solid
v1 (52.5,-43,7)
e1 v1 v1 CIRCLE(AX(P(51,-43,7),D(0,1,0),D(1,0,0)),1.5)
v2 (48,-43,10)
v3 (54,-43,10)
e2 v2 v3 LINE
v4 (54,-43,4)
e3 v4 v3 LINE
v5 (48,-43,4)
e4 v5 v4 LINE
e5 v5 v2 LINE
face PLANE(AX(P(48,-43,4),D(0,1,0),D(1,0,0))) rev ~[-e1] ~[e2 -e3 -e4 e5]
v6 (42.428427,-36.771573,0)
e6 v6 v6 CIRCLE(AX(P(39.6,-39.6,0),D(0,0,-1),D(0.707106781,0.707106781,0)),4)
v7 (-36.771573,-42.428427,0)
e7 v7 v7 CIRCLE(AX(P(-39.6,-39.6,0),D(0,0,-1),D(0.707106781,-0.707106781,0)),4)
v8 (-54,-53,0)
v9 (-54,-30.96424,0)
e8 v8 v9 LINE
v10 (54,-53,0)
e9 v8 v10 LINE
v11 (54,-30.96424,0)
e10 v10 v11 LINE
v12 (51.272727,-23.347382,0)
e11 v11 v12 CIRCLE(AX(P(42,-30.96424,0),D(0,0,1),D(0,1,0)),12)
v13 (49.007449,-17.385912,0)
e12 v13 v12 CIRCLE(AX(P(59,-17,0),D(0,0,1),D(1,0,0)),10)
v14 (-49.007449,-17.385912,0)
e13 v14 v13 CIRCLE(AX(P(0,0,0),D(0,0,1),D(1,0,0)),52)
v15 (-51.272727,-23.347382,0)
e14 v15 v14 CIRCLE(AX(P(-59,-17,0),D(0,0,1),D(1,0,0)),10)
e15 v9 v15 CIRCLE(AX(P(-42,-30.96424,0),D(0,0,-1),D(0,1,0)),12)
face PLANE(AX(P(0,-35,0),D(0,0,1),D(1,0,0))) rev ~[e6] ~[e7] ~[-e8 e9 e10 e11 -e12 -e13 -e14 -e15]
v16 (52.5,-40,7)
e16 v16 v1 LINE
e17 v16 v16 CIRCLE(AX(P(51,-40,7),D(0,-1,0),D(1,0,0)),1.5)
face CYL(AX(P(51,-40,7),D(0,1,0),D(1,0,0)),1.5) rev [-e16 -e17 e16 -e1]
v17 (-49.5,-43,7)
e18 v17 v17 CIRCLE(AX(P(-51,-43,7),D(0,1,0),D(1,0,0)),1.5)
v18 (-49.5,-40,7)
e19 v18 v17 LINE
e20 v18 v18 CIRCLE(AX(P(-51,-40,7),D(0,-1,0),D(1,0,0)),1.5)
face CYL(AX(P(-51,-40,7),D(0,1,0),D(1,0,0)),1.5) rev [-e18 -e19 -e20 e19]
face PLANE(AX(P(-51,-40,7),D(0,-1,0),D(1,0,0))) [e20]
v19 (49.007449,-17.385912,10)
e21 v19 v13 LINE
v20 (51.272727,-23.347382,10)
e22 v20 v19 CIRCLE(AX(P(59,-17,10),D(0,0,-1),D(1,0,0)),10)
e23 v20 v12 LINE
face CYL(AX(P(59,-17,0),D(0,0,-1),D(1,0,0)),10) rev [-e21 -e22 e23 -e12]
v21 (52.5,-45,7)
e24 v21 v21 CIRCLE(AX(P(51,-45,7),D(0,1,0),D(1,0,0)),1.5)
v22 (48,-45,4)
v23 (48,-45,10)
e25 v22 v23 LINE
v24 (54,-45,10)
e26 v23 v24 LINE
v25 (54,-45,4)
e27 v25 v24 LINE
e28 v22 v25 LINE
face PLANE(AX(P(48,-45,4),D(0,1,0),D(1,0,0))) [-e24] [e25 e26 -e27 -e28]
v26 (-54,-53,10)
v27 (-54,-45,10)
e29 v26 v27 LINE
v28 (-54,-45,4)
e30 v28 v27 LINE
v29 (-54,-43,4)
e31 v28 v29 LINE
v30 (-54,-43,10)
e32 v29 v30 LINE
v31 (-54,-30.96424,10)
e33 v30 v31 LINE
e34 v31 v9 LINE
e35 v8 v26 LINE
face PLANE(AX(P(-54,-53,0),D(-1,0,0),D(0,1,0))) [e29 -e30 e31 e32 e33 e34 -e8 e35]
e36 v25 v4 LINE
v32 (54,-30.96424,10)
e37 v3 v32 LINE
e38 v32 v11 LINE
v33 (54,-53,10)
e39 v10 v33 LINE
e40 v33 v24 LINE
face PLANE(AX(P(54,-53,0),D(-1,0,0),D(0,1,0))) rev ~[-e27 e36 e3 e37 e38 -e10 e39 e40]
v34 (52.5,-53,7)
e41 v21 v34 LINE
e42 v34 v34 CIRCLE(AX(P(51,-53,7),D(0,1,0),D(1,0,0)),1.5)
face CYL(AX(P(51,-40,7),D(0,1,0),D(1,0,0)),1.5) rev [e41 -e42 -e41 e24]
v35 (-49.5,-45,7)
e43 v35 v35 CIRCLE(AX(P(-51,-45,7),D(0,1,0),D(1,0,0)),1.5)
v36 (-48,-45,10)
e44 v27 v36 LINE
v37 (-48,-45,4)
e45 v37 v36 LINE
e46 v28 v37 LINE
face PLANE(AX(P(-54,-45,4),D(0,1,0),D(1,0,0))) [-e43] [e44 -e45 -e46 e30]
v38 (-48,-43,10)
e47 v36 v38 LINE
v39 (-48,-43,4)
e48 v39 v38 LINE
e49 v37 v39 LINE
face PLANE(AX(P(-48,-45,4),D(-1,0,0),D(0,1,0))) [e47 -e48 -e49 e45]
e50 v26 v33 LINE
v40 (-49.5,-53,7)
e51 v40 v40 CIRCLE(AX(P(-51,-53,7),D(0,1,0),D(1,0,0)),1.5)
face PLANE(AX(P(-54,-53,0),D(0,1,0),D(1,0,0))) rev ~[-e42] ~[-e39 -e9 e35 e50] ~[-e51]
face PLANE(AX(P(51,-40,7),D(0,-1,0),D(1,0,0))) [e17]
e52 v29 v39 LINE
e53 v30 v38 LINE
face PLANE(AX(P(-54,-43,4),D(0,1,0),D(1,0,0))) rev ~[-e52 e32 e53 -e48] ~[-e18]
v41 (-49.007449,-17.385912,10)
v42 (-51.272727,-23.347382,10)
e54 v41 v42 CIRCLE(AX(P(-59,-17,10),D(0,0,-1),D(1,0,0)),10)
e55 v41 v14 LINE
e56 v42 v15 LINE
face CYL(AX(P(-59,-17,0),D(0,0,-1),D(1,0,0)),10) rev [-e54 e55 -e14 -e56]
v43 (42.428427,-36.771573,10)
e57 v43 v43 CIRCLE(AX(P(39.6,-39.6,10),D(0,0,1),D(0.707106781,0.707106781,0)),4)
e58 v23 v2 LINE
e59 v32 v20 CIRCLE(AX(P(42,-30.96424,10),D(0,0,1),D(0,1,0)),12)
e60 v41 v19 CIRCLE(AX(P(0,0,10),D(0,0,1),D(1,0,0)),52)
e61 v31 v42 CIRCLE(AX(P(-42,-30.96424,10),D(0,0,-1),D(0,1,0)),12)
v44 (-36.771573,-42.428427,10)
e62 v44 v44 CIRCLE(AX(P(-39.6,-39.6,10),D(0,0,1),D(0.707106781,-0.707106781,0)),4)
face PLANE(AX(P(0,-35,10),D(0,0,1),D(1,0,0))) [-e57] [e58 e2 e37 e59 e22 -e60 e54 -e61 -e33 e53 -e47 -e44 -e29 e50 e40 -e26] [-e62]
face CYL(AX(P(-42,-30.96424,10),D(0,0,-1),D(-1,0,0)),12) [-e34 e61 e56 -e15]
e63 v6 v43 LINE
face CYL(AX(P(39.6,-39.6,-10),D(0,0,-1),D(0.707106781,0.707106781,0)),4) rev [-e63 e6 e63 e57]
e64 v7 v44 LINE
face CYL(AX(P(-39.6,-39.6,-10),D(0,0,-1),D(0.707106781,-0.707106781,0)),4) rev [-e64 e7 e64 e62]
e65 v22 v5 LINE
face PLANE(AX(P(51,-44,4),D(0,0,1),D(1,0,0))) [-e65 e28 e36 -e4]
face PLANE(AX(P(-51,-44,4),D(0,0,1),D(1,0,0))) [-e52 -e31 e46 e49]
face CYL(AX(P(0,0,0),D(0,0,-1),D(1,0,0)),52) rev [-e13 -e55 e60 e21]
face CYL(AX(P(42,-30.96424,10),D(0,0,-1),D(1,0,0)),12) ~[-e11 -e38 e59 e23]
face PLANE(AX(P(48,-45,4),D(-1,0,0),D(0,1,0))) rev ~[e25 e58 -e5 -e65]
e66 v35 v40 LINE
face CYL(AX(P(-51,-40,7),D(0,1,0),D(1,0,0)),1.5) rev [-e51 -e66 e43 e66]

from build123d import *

# Parameters (mm, degrees)
CYLINDER870_R               = 1.5
CYLINDER870_DEPTH           = 20
CYLINDER865_R               = 1.5
CYLINDER865_DEPTH           = 20
CYLINDER862_R               = 1.5
CYLINDER862_DEPTH           = 20
CYLINDER868_R               = 1.5
CYLINDER868_DEPTH           = 20
BOX131_W                    = 6
BOX131_H                    = 2
BOX131_DEPTH                = 6
BOX130_W                    = 6
BOX130_H                    = 2
BOX130_DEPTH                = 6
BOX133_W                    = 6
BOX133_H                    = 2
BOX133_DEPTH                = 6
BOX132_W                    = 6
BOX132_H                    = 2
BOX132_DEPTH                = 6
CYLINDER872_R               = 4
CYLINDER872_DEPTH           = 20
CYLINDER872_PLACEMENT_ANGLE = 45
CYLINDER871_R               = 4
CYLINDER871_DEPTH           = 20
CYLINDER871_PLACEMENT_ANGLE = 45
CYLINDER863_R               = 10
CYLINDER863_DEPTH           = 40
CYLINDER908_R               = 10
CYLINDER908_DEPTH           = 40
CYLINDER864_R               = 52
CYLINDER864_DEPTH           = 10
BOX129_W                    = 108
BOX129_H                    = 36
BOX129_DEPTH                = 10
FILLET013_R                 = 12


with BuildPart() as v_lec870:
    # Cylinder870 → Cylinder870 (new body)
    with BuildSketch(Plane(origin=(20, -40, -5), x_dir=(1, 0, 0), z_dir=(0, -1, 0))):
        Circle(CYLINDER870_R)
    extrude(amount=CYLINDER870_DEPTH)


with BuildPart() as v_lec865:
    # Cylinder865 → Cylinder865 (new body)
    with BuildSketch(Plane(origin=(51, -40, 7), x_dir=(1, 0, 0), z_dir=(0, -1, 0))):
        Circle(CYLINDER865_R)
    extrude(amount=CYLINDER865_DEPTH)


with BuildPart() as v_lec862:
    # Cylinder862 → Cylinder862 (new body)
    with BuildSketch(Plane(origin=(-51, -40, 7), x_dir=(1, 0, 0), z_dir=(0, -1, 0))):
        Circle(CYLINDER862_R)
    extrude(amount=CYLINDER862_DEPTH)


with BuildPart() as compound261:
    # Cylinder868 → Cylinder868 (new body)
    with BuildSketch(Plane(origin=(-20, -40, -5), x_dir=(1, 0, 0), z_dir=(0, -1, 0))):
        Circle(CYLINDER868_R)
    extrude(amount=CYLINDER868_DEPTH)

    # Compound261: union Válec870, Válec865, Válec862
    add(v_lec870.part)
    add(v_lec865.part)
    add(v_lec862.part)


with BuildPart() as krychle131:
    # Box131 → Box131 (new body)
    with BuildSketch(Plane(origin=(17, -47, -8), x_dir=(1, 0, 0), z_dir=(0, 0, 1))):
        with Locations((3, 1)):
            Rectangle(BOX131_W, BOX131_H)
    extrude(amount=BOX131_DEPTH)


with BuildPart() as krychle130:
    # Box130 → Box130 (new body)
    with BuildSketch(Plane(origin=(48, -45, 4), x_dir=(1, 0, 0), z_dir=(0, 0, 1))):
        with Locations((3, 1)):
            Rectangle(BOX130_W, BOX130_H)
    extrude(amount=BOX130_DEPTH)


with BuildPart() as krychle133:
    # Box133 → Box133 (new body)
    with BuildSketch(Plane(origin=(-54, -45, 4), x_dir=(1, 0, 0), z_dir=(0, 0, 1))):
        with Locations((3, 1)):
            Rectangle(BOX133_W, BOX133_H)
    extrude(amount=BOX133_DEPTH)


with BuildPart() as compound258:
    # Box132 → Box132 (new body)
    with BuildSketch(Plane(origin=(-23, -47, -8), x_dir=(1, 0, 0), z_dir=(0, 0, 1))):
        with Locations((3, 1)):
            Rectangle(BOX132_W, BOX132_H)
    extrude(amount=BOX132_DEPTH)

    # Compound258: union Krychle131, Krychle130, Krychle133
    add(krychle131.part)
    add(krychle130.part)
    add(krychle133.part)


with BuildPart() as v_lec872:
    # Cylinder872 → Cylinder872 (new body)
    with BuildSketch(Plane.XY):
        Circle(CYLINDER872_R)
    extrude(amount=CYLINDER872_DEPTH)


with BuildPart() as v_lec872_1:
    # Cylinder872 placement: moved
    add(v_lec872.part.moved(Location((39.6, -39.6, -10))).rotate(Axis((39.6, -39.6, -10), (0, 0, 1)), CYLINDER872_PLACEMENT_ANGLE))


with BuildPart() as compound259:
    # Cylinder871 → Cylinder871 (new body)
    with BuildSketch(Plane.XY):
        Circle(CYLINDER871_R)
    extrude(amount=CYLINDER871_DEPTH)


with BuildPart() as compound259_1:
    # Cylinder871 placement: moved
    add(compound259.part.moved(Location((-39.6, -39.6, -10))).rotate(Axis((-39.6, -39.6, -10), (0, 0, -1)), CYLINDER871_PLACEMENT_ANGLE))

    # Compound259: union Válec872
    add(v_lec872_1.part)


with BuildPart() as v_lec863:
    # Cylinder863 → Cylinder863 (new body)
    with BuildSketch(Plane(origin=(-59, -17, 0), x_dir=(1, 0, 0), z_dir=(0, 0, 1))):
        Circle(CYLINDER863_R)
    extrude(amount=CYLINDER863_DEPTH)


with BuildPart() as compound260:
    # Cylinder908 → Cylinder908 (new body)
    with BuildSketch(Plane(origin=(59, -17, 0), x_dir=(1, 0, 0), z_dir=(0, 0, 1))):
        Circle(CYLINDER908_R)
    extrude(amount=CYLINDER908_DEPTH)

    # Compound260: union Válec863
    add(v_lec863.part)


with BuildPart() as v_lec864:
    # Cylinder864 → Cylinder864 (new body)
    with BuildSketch(Plane.XY.offset(20)):
        Circle(CYLINDER864_R)
    extrude(amount=CYLINDER864_DEPTH)


with BuildPart() as fillet013:
    # Box129 → Box129 (new body)
    with BuildSketch(Plane(origin=(-54, -53, 20), x_dir=(1, 0, 0), z_dir=(0, 0, 1))):
        with Locations((54, 18)):
            Rectangle(BOX129_W, BOX129_H)
    extrude(amount=BOX129_DEPTH)

    # Cut147: cut Válec864
    add(v_lec864.part, mode=Mode.SUBTRACT)


with BuildPart() as fillet013_1:
    # Cut147 placement: moved
    add(fillet013.part.moved(Location((0, 0, -20))))

    # Cut146: cut Compound260
    add(compound260.part, mode=Mode.SUBTRACT)

    # Cut149: cut Compound259
    add(compound259_1.part, mode=Mode.SUBTRACT)

    # Cut148: cut Compound258
    add(compound258.part, mode=Mode.SUBTRACT)

    # Cut150: cut Compound261
    add(compound261.part, mode=Mode.SUBTRACT)

    # Fillet013
    fillet013_edges = [fillet013_1.edges().sort_by_distance(p)[0] for p in [
        (-54, -25.660254, 5),
        (54, -25.660254, 5),
    ]]
    fillet(fillet013_edges, radius=FILLET013_R)


solid = fillet013_1.part
